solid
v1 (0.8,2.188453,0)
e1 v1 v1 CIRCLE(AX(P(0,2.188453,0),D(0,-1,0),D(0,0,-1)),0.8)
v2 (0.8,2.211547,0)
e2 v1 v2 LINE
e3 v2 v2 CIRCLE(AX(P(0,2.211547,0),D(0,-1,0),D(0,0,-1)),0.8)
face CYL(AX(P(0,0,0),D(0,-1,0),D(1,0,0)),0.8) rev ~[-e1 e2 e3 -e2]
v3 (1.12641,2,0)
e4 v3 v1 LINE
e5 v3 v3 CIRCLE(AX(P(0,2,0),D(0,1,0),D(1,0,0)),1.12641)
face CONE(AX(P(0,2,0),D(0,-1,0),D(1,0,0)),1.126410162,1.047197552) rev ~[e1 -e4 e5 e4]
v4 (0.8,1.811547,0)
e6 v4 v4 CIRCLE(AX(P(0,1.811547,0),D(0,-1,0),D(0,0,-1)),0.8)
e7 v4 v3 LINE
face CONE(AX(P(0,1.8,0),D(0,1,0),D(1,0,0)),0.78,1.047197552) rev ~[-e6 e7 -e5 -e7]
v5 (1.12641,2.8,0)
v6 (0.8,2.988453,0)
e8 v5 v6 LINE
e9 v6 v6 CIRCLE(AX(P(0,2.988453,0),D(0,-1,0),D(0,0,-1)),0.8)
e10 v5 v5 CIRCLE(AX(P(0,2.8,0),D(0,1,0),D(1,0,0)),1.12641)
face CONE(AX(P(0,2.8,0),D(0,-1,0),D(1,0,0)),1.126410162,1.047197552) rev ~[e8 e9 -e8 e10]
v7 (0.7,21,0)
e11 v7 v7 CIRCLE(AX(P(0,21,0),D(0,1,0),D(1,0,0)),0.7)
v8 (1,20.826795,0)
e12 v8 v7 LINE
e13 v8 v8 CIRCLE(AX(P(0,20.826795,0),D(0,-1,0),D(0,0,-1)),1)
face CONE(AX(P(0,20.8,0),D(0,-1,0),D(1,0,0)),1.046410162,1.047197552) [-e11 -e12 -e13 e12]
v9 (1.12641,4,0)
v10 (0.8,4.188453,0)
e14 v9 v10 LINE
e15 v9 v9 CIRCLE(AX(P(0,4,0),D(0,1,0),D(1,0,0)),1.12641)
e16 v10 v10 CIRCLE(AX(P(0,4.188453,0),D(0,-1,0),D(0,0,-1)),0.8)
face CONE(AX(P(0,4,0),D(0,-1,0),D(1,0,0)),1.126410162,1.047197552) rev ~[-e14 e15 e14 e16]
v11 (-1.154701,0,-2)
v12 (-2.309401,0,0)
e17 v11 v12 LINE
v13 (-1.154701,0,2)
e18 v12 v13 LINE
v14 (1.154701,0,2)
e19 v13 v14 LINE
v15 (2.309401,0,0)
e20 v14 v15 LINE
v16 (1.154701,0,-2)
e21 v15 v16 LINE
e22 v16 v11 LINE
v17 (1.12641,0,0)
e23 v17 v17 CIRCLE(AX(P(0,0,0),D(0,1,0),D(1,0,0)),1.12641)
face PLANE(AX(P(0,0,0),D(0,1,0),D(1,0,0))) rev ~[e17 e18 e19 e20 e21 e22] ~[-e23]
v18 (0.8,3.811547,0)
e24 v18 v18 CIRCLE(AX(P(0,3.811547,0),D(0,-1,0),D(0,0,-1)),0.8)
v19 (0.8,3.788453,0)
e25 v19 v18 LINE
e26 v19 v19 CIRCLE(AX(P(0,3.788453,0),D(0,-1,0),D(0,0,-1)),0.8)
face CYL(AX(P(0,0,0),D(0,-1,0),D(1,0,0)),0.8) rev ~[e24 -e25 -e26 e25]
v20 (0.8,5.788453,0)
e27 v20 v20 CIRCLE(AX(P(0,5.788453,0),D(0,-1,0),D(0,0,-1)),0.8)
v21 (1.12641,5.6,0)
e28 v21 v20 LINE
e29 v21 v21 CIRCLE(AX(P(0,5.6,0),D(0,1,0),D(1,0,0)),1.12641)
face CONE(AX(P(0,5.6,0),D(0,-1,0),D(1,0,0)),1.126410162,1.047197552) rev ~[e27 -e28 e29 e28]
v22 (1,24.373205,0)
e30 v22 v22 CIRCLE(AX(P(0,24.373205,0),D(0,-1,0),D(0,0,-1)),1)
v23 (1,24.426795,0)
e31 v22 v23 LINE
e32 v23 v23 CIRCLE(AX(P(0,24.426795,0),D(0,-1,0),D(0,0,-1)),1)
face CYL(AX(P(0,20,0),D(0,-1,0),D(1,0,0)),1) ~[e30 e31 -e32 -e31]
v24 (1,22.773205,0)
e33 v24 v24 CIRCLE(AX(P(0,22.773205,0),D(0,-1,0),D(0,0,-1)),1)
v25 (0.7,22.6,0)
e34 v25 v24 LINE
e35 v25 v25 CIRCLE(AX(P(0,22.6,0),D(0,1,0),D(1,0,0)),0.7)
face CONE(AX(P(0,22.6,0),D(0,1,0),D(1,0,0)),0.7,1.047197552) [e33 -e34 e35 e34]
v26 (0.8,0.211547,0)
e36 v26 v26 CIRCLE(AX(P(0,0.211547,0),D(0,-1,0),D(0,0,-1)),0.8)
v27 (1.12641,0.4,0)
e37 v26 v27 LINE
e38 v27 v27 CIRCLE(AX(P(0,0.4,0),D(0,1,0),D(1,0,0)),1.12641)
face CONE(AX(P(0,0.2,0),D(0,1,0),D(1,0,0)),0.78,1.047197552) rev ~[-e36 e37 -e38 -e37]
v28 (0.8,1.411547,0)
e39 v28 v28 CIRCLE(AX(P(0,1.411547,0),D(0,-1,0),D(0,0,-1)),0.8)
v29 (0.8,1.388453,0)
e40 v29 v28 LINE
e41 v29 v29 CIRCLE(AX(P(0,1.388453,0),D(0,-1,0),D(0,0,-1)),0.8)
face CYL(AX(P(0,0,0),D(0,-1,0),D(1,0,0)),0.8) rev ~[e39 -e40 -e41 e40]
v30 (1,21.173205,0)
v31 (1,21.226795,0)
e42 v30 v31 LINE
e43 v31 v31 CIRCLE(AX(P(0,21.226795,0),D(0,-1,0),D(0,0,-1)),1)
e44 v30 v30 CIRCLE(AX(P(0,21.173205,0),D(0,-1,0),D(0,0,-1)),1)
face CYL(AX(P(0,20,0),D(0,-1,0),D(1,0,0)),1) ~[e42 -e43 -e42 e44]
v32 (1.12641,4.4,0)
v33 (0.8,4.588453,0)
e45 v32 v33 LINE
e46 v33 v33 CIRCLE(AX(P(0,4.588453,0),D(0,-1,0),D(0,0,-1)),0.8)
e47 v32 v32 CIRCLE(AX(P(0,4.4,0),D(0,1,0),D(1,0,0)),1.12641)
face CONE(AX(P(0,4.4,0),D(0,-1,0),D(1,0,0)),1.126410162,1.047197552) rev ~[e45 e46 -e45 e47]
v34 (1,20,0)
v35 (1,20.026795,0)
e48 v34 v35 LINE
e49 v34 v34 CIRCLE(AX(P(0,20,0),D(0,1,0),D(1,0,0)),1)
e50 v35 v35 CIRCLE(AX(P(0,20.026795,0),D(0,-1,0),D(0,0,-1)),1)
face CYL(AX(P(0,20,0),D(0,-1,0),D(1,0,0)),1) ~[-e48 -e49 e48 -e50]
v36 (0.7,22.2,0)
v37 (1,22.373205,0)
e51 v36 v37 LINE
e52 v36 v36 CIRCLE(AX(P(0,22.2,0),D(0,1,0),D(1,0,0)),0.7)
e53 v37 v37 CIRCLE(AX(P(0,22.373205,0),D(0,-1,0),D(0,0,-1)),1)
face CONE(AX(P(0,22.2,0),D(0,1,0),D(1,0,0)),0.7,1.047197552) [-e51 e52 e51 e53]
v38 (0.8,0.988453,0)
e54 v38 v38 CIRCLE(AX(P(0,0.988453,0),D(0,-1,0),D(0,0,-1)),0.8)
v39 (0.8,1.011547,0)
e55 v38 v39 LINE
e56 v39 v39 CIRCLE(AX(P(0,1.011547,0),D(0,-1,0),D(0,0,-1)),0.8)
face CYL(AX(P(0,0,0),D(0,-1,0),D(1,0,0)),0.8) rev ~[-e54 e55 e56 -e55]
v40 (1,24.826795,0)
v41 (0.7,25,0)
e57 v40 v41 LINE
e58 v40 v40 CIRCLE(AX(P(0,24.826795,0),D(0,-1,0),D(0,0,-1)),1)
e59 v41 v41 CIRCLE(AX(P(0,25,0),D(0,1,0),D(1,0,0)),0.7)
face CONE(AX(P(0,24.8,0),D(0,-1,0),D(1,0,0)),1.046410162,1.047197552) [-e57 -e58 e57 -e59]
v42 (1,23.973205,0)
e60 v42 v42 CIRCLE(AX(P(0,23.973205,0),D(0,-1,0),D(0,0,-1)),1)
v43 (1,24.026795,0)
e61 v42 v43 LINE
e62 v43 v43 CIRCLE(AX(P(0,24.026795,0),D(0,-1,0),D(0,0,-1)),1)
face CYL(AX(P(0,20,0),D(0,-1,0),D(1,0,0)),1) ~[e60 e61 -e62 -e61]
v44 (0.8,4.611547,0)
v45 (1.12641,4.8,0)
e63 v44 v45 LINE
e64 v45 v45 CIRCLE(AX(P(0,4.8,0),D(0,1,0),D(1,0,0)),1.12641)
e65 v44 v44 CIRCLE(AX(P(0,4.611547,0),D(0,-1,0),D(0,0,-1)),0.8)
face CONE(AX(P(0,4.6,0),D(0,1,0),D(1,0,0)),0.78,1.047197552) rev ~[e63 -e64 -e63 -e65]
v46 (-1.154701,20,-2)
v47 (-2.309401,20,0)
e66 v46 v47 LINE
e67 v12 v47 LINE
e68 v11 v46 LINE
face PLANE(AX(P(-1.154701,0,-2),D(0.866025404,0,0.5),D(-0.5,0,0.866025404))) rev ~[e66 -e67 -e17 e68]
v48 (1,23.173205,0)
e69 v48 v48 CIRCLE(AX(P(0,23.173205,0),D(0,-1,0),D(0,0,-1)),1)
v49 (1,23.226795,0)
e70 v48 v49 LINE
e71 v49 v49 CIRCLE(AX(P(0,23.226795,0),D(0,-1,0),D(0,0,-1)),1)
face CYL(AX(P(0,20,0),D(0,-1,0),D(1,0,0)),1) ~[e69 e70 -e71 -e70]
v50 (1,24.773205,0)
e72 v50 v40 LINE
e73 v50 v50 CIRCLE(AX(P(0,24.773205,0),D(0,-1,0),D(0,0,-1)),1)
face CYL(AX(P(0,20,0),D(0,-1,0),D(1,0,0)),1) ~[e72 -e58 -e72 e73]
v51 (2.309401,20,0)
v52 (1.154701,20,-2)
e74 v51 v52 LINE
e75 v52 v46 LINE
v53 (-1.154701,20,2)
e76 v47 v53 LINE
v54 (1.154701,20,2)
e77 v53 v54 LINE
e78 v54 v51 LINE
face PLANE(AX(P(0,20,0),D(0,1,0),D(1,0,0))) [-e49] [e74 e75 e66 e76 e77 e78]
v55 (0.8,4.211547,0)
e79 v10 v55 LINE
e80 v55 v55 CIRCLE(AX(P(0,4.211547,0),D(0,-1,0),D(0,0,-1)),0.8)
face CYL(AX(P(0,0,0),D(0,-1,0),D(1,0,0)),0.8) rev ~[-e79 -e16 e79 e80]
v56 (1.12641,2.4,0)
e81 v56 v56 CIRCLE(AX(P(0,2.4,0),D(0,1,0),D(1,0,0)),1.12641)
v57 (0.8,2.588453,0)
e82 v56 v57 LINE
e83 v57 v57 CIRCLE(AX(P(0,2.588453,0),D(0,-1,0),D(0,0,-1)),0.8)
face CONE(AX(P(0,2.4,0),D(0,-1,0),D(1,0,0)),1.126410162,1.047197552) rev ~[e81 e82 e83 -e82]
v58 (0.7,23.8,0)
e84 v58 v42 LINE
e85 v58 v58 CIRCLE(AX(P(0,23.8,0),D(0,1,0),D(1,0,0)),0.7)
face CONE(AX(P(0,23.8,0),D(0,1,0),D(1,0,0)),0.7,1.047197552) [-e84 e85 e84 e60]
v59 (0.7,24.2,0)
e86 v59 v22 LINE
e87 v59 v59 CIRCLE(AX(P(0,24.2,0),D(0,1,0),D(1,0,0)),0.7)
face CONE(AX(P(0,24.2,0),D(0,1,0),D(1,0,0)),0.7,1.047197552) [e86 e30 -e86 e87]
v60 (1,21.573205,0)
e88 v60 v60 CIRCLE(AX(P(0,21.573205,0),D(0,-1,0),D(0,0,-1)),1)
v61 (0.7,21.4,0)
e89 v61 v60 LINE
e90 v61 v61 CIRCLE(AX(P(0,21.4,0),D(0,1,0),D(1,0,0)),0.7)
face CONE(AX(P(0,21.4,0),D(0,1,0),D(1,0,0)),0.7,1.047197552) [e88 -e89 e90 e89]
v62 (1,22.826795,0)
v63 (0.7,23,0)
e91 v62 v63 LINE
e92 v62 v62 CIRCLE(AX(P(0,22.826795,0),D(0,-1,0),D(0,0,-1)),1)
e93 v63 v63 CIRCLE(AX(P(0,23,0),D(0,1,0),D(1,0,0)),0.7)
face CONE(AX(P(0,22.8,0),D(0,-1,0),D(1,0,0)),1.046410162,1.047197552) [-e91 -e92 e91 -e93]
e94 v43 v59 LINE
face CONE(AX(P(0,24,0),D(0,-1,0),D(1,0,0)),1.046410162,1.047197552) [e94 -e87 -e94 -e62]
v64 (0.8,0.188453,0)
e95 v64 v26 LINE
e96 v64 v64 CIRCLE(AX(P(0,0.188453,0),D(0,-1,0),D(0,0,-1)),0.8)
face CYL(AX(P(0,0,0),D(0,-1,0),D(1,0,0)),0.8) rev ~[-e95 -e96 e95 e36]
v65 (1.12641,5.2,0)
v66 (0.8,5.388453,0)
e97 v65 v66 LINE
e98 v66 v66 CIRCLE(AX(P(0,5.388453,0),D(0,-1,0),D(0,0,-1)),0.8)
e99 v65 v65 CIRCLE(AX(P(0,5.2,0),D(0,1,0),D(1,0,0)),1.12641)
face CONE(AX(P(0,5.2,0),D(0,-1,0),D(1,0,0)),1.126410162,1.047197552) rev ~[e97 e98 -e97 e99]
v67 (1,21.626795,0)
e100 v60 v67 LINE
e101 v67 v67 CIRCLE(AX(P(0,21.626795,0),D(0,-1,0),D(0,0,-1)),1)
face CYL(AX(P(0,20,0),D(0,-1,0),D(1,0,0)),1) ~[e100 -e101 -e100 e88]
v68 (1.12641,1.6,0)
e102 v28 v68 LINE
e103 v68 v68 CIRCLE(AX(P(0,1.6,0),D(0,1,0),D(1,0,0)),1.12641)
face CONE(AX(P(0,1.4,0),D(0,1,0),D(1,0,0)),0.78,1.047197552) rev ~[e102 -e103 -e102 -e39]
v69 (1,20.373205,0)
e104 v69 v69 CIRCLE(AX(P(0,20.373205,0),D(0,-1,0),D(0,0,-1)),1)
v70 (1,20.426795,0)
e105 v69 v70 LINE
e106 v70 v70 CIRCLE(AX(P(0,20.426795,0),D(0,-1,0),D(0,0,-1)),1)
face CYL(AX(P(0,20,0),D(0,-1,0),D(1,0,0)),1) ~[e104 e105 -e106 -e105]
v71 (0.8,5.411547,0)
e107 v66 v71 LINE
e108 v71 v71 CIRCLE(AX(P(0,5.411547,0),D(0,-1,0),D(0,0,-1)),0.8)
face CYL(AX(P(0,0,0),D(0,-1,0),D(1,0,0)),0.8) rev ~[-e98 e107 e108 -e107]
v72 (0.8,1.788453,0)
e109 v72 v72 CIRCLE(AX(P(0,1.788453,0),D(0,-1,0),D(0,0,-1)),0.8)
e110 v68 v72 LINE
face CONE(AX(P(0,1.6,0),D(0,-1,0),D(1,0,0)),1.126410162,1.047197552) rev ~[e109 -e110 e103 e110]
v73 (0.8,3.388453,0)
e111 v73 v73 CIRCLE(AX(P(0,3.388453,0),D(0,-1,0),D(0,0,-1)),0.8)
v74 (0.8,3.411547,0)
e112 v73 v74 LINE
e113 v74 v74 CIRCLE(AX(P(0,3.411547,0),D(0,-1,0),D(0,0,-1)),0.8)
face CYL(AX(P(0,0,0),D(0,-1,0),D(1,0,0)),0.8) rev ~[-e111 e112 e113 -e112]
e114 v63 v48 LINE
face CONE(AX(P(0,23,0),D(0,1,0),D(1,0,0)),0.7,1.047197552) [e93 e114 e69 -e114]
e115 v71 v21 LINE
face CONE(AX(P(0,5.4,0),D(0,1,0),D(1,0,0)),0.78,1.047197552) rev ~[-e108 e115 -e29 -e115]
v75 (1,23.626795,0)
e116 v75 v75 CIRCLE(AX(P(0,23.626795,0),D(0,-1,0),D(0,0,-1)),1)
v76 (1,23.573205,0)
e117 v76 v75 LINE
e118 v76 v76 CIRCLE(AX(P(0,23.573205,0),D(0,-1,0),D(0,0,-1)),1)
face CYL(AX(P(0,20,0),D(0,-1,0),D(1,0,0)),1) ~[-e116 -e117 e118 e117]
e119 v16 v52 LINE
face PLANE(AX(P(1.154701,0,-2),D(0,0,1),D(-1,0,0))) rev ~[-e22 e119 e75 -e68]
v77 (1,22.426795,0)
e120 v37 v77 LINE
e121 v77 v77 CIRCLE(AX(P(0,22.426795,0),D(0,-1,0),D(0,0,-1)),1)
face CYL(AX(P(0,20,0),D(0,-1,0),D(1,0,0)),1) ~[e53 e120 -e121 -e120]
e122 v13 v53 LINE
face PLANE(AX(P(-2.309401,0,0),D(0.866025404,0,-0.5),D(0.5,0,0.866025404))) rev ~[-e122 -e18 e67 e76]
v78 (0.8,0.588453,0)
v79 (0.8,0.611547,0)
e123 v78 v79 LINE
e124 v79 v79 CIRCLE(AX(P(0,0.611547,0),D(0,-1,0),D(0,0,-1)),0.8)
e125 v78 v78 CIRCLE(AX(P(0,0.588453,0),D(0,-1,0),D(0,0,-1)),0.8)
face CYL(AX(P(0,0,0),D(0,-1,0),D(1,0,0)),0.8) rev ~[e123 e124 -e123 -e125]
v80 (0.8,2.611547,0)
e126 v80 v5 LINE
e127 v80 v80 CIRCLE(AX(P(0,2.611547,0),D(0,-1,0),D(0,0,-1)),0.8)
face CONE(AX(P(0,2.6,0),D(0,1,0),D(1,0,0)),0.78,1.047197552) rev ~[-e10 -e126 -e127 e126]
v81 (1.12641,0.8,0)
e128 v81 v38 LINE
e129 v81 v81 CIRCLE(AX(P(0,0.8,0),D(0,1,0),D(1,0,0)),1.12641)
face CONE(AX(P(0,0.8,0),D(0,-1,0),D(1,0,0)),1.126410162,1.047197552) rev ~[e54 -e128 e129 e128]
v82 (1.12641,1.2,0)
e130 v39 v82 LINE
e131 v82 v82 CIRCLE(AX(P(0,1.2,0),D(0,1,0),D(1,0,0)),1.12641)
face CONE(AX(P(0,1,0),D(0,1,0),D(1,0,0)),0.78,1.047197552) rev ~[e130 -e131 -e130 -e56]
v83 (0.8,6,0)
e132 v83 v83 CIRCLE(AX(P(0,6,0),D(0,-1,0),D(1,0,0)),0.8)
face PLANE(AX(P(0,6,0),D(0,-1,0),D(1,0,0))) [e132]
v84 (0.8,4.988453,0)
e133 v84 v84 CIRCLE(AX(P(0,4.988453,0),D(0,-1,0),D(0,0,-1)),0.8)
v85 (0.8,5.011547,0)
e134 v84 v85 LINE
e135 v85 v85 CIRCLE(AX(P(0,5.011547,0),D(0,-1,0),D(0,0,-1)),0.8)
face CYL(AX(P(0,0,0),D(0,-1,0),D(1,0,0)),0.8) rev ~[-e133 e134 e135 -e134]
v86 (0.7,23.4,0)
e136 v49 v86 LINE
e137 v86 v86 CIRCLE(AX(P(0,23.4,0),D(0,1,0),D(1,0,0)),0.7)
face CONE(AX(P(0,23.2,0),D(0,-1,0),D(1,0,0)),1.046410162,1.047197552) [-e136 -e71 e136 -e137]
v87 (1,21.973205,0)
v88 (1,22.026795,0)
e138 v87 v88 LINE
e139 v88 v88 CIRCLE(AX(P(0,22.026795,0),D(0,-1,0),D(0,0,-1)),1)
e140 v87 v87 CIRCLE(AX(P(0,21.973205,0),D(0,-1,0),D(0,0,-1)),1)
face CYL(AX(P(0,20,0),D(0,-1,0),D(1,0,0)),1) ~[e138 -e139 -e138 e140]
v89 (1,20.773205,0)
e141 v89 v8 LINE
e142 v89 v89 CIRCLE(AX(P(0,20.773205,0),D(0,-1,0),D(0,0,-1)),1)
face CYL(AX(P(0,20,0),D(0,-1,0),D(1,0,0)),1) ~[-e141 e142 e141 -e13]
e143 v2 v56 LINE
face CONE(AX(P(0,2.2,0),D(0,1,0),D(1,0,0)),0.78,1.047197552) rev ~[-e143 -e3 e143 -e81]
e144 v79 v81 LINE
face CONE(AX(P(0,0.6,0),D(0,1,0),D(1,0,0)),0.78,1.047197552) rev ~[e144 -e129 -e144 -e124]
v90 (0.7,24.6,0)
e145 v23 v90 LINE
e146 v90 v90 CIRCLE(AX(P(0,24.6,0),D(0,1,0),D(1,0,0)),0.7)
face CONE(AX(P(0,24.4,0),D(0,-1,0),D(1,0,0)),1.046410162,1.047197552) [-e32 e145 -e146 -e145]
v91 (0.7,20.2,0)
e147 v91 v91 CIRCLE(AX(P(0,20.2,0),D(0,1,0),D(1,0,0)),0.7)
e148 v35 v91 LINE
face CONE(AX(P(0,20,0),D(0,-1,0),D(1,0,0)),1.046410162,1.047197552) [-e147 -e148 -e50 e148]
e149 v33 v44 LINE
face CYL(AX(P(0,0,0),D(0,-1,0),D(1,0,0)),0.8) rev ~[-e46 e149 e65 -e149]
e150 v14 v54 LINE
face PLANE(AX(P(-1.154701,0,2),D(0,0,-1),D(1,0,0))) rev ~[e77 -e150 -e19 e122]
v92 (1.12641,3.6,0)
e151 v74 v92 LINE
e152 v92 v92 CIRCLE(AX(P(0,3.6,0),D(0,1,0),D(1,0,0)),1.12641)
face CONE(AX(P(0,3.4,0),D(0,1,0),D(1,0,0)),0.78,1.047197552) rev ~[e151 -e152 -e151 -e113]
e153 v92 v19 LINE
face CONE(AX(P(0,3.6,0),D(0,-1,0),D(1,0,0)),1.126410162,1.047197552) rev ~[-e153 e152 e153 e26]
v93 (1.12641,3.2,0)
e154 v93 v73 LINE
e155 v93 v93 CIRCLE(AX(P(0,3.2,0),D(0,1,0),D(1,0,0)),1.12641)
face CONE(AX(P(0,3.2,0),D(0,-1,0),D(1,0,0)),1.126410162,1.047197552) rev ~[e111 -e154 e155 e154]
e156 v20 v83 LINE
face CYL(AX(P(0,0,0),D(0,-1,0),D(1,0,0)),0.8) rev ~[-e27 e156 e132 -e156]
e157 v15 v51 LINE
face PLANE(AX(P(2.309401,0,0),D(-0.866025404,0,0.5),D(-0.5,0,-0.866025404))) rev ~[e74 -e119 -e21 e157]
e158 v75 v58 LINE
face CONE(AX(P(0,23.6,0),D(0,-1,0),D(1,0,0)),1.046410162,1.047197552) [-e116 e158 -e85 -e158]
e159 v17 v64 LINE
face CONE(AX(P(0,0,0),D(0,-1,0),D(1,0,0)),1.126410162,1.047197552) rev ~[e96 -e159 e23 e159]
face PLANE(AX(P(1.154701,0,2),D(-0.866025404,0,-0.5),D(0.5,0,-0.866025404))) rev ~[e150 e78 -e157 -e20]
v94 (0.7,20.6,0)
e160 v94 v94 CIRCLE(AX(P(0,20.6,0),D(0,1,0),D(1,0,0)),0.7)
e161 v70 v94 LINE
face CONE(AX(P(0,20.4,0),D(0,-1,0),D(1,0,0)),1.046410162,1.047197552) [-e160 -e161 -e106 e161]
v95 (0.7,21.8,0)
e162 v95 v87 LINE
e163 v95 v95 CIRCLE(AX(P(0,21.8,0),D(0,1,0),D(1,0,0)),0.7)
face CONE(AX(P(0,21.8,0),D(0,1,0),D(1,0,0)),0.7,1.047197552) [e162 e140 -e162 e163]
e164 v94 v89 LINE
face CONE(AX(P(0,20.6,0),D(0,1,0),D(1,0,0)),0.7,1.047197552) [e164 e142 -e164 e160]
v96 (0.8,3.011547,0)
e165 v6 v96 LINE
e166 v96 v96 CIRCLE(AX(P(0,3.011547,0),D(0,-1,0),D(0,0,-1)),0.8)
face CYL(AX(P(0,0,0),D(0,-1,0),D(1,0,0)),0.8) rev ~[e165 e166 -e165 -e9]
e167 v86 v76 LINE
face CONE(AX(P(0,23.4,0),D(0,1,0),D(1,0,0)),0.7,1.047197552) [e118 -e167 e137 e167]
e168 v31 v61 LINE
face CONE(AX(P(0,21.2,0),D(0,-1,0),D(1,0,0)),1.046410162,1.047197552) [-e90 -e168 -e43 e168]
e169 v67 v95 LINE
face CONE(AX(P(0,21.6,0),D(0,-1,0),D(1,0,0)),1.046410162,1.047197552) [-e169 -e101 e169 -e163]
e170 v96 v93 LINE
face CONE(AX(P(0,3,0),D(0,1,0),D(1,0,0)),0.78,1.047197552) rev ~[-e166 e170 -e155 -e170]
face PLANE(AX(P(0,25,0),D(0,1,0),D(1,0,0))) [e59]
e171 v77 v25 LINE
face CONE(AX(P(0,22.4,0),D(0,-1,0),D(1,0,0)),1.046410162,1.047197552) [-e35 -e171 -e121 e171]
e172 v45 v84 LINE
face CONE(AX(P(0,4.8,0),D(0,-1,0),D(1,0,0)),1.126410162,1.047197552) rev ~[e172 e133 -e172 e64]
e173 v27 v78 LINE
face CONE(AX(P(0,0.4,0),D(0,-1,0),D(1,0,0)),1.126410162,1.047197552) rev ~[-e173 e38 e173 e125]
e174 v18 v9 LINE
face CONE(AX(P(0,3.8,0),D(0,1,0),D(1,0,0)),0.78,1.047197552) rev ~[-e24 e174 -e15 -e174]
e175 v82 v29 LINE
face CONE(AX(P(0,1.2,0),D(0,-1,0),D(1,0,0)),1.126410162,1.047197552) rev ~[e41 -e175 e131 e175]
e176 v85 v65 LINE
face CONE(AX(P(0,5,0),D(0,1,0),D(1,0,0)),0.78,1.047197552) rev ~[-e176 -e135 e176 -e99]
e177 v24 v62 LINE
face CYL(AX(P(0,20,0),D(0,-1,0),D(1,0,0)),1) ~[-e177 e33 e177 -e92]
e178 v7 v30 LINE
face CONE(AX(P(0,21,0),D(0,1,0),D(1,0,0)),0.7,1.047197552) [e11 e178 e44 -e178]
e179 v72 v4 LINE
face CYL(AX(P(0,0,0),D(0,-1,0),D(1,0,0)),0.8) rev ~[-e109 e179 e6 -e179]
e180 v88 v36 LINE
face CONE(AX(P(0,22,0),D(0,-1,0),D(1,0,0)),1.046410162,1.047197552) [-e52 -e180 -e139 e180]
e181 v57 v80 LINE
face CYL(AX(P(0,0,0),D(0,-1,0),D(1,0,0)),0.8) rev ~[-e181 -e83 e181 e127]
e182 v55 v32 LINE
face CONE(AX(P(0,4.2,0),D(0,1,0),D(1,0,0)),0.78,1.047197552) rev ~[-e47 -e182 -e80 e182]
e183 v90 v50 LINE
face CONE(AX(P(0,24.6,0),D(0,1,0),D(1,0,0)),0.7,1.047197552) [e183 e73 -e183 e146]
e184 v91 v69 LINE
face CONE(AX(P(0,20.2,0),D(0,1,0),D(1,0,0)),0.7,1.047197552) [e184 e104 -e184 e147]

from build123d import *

# Parameters (mm, degrees)
BOSS_EXTRUDE1_DEPTH = 20
SKETCH3_R           = 0.8
CUT_EXTRUDE1_DEPTH  = 6
SKETCH2_R           = 1
BOSS_EXTRUDE2_DEPTH = 5
LPATTERN1_COUNT     = 15
LPATTERN1_PITCH     = 0.4
LPATTERN2_COUNT     = 13
LPATTERN2_PITCH     = 0.4


with BuildPart() as part:
    # Sketch1 → Boss-Extrude1 (new body)
    with BuildSketch(Plane(origin=(0, 0, 0), x_dir=(1, 0, 0), z_dir=(0, 1, 0))):
        Polygon((2.309401077, 0), (1.154700538, 2), (-1.154700538, 2), (-2.309401077, 0), (-1.154700538, -2), (1.154700538, -2), align=None)
    extrude(amount=BOSS_EXTRUDE1_DEPTH)

    # Sketch3 → Cut-Extrude1 (cut)
    with BuildSketch(Plane.XZ):
        Circle(SKETCH3_R)
    extrude(amount=-CUT_EXTRUDE1_DEPTH, mode=Mode.SUBTRACT)

    # Sketch2 → Boss-Extrude2 (add)
    with BuildSketch(Plane(origin=(0, 20, 0), x_dir=(1, 0, 0), z_dir=(0, 1, 0))):
        Circle(SKETCH2_R)
    extrude(amount=BOSS_EXTRUDE2_DEPTH)

    # Sketch5 → Cut-Revolve1 (revolve, cut)
    with BuildSketch(Plane.XY):
        Polygon((0.38, 0.2), (0.38, -0.2), (0.78, -0.2), (1.126410162, 0), (0.78, 0.2), align=None)
    cut_revolve1 = revolve(axis=Axis((0, 0, 0), (0, 1, 0)), mode=Mode.SUBTRACT)

    # LPattern1: Cut-Revolve1 ×15
    with Locations(*[(0, i * LPATTERN1_PITCH, 0) for i in range(1, LPATTERN1_COUNT)]):
        add(cut_revolve1, mode=Mode.SUBTRACT)

    # Sketch6 → Cut-Revolve2 (revolve, cut)
    with BuildSketch(Plane.XY):
        Polygon((1.446410162, 25.2), (1.446410162, 24.8), (1.046410162, 24.8), (0.7, 25), (1.046410162, 25.2), align=None)
    cut_revolve2 = revolve(axis=Axis((0, 0, 0), (0, 1, 0)), mode=Mode.SUBTRACT)

    # LPattern2: Cut-Revolve2 ×13
    with Locations(*[(0, -i * LPATTERN2_PITCH, 0) for i in range(1, LPATTERN2_COUNT)]):
        add(cut_revolve2, mode=Mode.SUBTRACT)


solid = part.part
